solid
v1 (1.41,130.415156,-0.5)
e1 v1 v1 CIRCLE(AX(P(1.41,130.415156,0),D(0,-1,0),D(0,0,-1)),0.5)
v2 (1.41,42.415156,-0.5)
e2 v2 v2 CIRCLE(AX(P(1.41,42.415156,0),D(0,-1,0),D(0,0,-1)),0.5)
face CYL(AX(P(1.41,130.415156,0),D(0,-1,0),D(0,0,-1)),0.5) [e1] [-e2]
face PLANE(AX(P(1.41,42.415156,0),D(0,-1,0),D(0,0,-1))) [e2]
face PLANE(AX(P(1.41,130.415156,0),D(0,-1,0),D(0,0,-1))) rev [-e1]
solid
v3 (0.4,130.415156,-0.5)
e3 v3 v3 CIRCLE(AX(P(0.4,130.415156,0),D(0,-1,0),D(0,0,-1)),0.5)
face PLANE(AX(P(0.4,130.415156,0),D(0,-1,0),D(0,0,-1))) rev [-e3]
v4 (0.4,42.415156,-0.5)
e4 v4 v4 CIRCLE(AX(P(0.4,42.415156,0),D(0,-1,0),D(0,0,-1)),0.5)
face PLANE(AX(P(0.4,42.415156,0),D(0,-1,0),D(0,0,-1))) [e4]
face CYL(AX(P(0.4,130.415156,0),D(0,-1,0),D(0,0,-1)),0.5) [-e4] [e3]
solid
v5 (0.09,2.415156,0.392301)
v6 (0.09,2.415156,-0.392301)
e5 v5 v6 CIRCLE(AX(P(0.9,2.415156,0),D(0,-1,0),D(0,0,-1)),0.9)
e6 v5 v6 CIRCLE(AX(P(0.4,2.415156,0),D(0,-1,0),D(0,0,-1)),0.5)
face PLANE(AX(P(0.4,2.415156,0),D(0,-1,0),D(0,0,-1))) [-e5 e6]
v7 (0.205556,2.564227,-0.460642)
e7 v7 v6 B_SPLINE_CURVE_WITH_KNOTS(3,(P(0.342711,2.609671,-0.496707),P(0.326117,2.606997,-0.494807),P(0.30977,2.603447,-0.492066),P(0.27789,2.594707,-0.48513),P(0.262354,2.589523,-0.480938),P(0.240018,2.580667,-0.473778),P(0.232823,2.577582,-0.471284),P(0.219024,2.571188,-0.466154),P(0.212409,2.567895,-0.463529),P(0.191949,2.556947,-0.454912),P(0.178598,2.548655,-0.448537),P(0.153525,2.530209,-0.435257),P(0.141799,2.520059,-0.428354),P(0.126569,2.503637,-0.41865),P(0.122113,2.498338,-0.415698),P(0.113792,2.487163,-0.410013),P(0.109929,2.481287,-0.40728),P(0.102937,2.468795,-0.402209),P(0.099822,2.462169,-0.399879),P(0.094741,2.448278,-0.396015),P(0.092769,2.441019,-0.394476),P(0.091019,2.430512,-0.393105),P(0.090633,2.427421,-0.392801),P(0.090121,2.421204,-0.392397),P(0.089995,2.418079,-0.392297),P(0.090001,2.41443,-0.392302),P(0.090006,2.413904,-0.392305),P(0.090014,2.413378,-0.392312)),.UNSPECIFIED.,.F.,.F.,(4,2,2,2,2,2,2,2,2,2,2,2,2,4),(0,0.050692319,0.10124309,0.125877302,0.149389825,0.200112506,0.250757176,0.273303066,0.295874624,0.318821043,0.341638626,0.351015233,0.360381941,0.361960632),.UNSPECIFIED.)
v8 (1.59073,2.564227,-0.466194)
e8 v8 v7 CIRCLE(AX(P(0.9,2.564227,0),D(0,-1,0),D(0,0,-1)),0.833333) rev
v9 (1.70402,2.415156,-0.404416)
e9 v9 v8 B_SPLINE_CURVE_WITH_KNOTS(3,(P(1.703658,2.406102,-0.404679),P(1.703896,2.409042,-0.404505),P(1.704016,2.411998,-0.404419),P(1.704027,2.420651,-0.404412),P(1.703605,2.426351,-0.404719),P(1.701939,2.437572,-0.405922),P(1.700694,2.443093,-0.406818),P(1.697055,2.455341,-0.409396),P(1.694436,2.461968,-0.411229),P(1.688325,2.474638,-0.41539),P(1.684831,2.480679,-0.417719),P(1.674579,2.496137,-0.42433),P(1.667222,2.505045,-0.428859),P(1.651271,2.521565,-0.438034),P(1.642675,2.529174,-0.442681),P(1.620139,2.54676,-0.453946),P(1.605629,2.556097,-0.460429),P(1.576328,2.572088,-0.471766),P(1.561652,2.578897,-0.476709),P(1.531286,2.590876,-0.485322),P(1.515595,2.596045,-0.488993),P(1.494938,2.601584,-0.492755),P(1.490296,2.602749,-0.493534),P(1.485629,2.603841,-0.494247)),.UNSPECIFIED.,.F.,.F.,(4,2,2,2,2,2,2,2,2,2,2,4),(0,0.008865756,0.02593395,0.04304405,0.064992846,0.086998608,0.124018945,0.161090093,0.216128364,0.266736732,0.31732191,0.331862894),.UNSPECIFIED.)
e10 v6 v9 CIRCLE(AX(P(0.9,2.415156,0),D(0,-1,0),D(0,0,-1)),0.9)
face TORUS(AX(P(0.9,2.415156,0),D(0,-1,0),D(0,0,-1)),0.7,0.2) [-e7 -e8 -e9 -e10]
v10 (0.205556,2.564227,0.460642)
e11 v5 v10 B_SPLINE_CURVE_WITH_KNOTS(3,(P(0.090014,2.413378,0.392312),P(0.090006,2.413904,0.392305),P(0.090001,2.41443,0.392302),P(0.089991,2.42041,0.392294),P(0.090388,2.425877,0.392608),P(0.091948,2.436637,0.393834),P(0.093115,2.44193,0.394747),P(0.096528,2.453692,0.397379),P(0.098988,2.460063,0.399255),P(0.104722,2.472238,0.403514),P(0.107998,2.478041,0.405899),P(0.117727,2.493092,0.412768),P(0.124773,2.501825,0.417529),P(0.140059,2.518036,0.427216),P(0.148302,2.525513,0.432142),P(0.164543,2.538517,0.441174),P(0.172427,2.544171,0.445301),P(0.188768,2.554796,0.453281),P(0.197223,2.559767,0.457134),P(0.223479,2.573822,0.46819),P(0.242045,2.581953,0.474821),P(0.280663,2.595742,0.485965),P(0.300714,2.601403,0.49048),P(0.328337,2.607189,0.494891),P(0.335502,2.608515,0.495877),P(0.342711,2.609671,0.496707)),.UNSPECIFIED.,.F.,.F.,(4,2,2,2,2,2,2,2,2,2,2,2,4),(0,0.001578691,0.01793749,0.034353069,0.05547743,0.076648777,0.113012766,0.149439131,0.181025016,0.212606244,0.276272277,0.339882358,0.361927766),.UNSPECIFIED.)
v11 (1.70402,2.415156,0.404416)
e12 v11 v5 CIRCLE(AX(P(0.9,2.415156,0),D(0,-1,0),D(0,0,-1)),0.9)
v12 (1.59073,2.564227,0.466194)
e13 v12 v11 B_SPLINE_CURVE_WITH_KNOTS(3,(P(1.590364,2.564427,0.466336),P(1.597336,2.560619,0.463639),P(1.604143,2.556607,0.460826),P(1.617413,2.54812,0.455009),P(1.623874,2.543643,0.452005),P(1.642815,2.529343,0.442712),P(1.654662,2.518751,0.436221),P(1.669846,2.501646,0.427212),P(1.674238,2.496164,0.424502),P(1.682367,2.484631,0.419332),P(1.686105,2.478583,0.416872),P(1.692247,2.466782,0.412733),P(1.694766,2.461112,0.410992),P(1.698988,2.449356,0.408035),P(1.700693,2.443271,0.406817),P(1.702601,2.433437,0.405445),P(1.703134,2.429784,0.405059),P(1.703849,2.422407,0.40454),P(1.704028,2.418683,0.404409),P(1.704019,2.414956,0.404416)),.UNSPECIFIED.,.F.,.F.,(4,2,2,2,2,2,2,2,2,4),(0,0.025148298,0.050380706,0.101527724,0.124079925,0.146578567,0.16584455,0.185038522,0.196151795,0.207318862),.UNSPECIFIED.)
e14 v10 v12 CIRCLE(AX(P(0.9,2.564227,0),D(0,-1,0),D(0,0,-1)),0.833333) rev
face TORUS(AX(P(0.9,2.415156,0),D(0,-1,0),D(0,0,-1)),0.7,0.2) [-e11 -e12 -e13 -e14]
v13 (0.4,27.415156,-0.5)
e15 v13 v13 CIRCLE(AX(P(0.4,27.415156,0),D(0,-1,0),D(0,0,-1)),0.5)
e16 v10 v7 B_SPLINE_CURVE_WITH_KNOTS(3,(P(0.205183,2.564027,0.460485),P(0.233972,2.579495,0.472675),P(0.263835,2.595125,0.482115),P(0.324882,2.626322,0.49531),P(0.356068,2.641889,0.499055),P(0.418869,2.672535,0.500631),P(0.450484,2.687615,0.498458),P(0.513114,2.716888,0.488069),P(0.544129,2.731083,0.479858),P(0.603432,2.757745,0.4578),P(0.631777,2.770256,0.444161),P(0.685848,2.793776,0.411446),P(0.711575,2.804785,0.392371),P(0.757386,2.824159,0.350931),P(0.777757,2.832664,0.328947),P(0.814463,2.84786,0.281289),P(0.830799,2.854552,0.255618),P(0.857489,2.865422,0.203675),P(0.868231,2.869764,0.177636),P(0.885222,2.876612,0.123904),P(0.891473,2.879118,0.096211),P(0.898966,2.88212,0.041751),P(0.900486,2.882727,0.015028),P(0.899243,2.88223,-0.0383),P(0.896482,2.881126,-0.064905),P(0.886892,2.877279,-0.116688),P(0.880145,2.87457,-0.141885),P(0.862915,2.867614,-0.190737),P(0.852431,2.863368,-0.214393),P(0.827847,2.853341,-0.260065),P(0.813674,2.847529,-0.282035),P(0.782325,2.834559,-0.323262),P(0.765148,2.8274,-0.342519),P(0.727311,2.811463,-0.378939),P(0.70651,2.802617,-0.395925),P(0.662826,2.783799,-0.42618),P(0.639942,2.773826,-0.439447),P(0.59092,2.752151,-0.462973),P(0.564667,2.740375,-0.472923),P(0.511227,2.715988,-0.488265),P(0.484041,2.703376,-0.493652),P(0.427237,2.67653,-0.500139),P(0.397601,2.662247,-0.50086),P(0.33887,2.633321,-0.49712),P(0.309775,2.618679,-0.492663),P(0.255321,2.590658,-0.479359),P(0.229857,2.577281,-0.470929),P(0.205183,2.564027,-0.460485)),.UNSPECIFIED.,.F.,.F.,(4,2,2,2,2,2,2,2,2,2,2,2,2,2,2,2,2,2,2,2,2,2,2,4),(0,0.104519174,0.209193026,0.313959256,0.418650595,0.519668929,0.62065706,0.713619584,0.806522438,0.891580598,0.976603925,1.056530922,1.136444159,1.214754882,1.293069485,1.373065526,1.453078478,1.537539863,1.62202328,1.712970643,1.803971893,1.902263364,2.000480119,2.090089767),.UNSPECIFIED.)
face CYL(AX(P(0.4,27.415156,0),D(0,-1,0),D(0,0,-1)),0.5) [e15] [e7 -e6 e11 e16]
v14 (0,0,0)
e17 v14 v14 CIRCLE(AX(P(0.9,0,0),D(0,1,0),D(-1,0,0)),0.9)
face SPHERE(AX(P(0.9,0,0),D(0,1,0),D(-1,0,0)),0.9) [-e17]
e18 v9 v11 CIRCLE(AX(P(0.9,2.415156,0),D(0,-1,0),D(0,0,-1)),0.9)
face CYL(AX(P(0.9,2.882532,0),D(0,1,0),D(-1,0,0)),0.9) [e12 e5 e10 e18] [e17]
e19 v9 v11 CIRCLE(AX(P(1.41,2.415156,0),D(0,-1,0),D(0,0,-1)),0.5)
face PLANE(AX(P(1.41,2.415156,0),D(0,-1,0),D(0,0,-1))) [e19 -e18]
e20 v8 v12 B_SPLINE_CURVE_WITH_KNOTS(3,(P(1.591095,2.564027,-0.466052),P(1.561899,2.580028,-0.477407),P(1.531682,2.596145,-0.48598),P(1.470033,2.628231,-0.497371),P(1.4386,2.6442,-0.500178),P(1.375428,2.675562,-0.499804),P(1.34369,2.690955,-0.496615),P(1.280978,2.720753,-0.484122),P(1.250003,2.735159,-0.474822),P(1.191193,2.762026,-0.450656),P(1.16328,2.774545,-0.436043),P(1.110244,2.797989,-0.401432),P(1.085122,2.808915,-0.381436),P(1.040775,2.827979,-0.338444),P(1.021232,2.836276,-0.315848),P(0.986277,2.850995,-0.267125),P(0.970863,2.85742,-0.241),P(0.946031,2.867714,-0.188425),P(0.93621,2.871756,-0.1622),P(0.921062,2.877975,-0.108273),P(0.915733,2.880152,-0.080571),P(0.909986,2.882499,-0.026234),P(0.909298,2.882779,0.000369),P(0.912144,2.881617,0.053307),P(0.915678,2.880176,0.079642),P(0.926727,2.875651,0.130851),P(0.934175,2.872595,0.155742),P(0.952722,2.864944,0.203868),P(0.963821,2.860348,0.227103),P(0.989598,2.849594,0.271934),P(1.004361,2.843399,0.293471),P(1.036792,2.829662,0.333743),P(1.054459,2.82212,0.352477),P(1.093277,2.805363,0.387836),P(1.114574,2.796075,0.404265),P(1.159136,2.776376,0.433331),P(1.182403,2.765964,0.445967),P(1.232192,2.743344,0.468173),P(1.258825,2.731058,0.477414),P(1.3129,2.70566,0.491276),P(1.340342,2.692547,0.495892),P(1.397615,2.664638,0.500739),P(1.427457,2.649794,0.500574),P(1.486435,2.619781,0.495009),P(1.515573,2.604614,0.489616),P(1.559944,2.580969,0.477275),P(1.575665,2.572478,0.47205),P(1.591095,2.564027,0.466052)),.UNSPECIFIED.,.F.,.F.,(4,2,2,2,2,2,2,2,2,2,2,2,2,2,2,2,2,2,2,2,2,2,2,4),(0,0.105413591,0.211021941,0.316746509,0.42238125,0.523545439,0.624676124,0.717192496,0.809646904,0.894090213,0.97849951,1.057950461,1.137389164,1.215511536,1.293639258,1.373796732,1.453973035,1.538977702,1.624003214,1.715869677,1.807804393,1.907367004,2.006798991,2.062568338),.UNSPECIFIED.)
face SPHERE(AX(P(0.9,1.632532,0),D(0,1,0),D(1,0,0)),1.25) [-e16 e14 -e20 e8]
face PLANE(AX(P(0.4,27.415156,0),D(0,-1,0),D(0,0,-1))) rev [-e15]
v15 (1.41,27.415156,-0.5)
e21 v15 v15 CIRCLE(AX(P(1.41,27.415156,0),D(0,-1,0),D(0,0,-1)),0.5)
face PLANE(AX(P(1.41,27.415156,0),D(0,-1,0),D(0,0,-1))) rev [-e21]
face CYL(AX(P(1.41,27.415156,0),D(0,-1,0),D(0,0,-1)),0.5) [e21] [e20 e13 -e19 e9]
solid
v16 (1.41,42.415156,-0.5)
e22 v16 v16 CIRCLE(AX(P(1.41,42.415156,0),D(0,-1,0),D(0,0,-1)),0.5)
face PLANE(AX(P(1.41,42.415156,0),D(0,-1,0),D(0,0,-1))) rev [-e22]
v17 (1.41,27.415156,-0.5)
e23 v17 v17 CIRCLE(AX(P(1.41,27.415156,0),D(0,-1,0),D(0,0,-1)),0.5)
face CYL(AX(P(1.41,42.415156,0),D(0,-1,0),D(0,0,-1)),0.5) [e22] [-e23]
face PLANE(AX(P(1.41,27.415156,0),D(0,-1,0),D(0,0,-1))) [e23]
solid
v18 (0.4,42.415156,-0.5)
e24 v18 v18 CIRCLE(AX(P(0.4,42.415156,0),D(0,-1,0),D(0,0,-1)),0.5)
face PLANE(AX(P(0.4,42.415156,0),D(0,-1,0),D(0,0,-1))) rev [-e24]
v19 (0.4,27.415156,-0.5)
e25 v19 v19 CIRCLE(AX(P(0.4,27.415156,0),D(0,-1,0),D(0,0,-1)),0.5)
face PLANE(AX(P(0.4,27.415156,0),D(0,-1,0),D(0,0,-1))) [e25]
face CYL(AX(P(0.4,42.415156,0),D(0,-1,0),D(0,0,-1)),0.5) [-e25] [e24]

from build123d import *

# Parameters (mm, degrees)
REDONDEO1_R               = 0.2
CROQUIS2_R                = 0.5
SALIENTE_EXTRUIR1_DEPTH   = 25
SALIENTE_EXTRUIR6_START   = -25
CROQUIS2_3_R              = 0.5
SALIENTE_EXTRUIR6_DEPTH   = 15
SALIENTE_EXTRUIR6_2_DEPTH = 15
SALIENTE_EXTRUIR7_START   = -40
CROQUIS2_4_R              = 0.5
SALIENTE_EXTRUIR7_DEPTH   = 88
SALIENTE_EXTRUIR7_2_DEPTH = 88


with BuildPart() as part:
    # Croquis1 → Revolución2 (revolve)
    with BuildSketch(Plane.XY):
        with BuildLine():
            Line((0, 0), (0, 2.5))
            ThreePointArc((0, 2.5), (0.411039098, 2.782931151), (0.9, 2.882532421))
            Line((0.9, 2.882532421), (0.9, -0.9))
            ThreePointArc((0.9, -0.9), (0.263603897, -0.636396103), (0, 0))
        make_face()
    revolve(axis=Axis((0.9, 2.882532421, 0), (0, -1, 0)))

    # Redondeo1
    redondeo1_edges = [part.edges().sort_by_distance(p)[0] for p in [
        (1.8, 2.5, 0),
    ]]
    fillet(redondeo1_edges, radius=REDONDEO1_R)

    # Croquis2 → Saliente-Extruir1 (add)
    with BuildSketch(Plane(origin=(0, 2.415156213, 0), x_dir=(-1, 0, 0), z_dir=(0, -1, 0))):
        with Locations((-1.41, 0)):
            Circle(CROQUIS2_R)
        with Locations((-0.4, 0)):
            Circle(CROQUIS2_R)
    extrude(amount=-SALIENTE_EXTRUIR1_DEPTH)


with BuildPart() as body_2:
    # Croquis2<3> → Saliente-Extruir6 (new body)
    with BuildSketch(Plane(origin=(0, 2.415156213, 0), x_dir=(-1, 0, 0), z_dir=(0, -1, 0)).offset(SALIENTE_EXTRUIR6_START)):
        with Locations((-1.41, 0)):
            Circle(CROQUIS2_3_R)
    extrude(amount=-SALIENTE_EXTRUIR6_DEPTH)


with BuildPart() as body_3:
    # Croquis2<3> → Saliente-Extruir6 2 (new body)
    with BuildSketch(Plane(origin=(0, 2.415156213, 0), x_dir=(-1, 0, 0), z_dir=(0, -1, 0)).offset(SALIENTE_EXTRUIR6_START)):
        with Locations((-0.4, 0)):
            Circle(CROQUIS2_3_R)
    extrude(amount=-SALIENTE_EXTRUIR6_2_DEPTH)


with BuildPart() as body_4:
    # Croquis2<4> → Saliente-Extruir7 (new body)
    with BuildSketch(Plane(origin=(0, 2.415156213, 0), x_dir=(-1, 0, 0), z_dir=(0, -1, 0)).offset(SALIENTE_EXTRUIR7_START)):
        with Locations((-1.41, 0)):
            Circle(CROQUIS2_4_R)
    extrude(amount=-SALIENTE_EXTRUIR7_DEPTH)


with BuildPart() as body_5:
    # Croquis2<4> → Saliente-Extruir7 2 (new body)
    with BuildSketch(Plane(origin=(0, 2.415156213, 0), x_dir=(-1, 0, 0), z_dir=(0, -1, 0)).offset(SALIENTE_EXTRUIR7_START)):
        with Locations((-0.4, 0)):
            Circle(CROQUIS2_4_R)
    extrude(amount=-SALIENTE_EXTRUIR7_2_DEPTH)


solid = Compound([part.part, body_2.part, body_3.part, body_4.part, body_5.part])
